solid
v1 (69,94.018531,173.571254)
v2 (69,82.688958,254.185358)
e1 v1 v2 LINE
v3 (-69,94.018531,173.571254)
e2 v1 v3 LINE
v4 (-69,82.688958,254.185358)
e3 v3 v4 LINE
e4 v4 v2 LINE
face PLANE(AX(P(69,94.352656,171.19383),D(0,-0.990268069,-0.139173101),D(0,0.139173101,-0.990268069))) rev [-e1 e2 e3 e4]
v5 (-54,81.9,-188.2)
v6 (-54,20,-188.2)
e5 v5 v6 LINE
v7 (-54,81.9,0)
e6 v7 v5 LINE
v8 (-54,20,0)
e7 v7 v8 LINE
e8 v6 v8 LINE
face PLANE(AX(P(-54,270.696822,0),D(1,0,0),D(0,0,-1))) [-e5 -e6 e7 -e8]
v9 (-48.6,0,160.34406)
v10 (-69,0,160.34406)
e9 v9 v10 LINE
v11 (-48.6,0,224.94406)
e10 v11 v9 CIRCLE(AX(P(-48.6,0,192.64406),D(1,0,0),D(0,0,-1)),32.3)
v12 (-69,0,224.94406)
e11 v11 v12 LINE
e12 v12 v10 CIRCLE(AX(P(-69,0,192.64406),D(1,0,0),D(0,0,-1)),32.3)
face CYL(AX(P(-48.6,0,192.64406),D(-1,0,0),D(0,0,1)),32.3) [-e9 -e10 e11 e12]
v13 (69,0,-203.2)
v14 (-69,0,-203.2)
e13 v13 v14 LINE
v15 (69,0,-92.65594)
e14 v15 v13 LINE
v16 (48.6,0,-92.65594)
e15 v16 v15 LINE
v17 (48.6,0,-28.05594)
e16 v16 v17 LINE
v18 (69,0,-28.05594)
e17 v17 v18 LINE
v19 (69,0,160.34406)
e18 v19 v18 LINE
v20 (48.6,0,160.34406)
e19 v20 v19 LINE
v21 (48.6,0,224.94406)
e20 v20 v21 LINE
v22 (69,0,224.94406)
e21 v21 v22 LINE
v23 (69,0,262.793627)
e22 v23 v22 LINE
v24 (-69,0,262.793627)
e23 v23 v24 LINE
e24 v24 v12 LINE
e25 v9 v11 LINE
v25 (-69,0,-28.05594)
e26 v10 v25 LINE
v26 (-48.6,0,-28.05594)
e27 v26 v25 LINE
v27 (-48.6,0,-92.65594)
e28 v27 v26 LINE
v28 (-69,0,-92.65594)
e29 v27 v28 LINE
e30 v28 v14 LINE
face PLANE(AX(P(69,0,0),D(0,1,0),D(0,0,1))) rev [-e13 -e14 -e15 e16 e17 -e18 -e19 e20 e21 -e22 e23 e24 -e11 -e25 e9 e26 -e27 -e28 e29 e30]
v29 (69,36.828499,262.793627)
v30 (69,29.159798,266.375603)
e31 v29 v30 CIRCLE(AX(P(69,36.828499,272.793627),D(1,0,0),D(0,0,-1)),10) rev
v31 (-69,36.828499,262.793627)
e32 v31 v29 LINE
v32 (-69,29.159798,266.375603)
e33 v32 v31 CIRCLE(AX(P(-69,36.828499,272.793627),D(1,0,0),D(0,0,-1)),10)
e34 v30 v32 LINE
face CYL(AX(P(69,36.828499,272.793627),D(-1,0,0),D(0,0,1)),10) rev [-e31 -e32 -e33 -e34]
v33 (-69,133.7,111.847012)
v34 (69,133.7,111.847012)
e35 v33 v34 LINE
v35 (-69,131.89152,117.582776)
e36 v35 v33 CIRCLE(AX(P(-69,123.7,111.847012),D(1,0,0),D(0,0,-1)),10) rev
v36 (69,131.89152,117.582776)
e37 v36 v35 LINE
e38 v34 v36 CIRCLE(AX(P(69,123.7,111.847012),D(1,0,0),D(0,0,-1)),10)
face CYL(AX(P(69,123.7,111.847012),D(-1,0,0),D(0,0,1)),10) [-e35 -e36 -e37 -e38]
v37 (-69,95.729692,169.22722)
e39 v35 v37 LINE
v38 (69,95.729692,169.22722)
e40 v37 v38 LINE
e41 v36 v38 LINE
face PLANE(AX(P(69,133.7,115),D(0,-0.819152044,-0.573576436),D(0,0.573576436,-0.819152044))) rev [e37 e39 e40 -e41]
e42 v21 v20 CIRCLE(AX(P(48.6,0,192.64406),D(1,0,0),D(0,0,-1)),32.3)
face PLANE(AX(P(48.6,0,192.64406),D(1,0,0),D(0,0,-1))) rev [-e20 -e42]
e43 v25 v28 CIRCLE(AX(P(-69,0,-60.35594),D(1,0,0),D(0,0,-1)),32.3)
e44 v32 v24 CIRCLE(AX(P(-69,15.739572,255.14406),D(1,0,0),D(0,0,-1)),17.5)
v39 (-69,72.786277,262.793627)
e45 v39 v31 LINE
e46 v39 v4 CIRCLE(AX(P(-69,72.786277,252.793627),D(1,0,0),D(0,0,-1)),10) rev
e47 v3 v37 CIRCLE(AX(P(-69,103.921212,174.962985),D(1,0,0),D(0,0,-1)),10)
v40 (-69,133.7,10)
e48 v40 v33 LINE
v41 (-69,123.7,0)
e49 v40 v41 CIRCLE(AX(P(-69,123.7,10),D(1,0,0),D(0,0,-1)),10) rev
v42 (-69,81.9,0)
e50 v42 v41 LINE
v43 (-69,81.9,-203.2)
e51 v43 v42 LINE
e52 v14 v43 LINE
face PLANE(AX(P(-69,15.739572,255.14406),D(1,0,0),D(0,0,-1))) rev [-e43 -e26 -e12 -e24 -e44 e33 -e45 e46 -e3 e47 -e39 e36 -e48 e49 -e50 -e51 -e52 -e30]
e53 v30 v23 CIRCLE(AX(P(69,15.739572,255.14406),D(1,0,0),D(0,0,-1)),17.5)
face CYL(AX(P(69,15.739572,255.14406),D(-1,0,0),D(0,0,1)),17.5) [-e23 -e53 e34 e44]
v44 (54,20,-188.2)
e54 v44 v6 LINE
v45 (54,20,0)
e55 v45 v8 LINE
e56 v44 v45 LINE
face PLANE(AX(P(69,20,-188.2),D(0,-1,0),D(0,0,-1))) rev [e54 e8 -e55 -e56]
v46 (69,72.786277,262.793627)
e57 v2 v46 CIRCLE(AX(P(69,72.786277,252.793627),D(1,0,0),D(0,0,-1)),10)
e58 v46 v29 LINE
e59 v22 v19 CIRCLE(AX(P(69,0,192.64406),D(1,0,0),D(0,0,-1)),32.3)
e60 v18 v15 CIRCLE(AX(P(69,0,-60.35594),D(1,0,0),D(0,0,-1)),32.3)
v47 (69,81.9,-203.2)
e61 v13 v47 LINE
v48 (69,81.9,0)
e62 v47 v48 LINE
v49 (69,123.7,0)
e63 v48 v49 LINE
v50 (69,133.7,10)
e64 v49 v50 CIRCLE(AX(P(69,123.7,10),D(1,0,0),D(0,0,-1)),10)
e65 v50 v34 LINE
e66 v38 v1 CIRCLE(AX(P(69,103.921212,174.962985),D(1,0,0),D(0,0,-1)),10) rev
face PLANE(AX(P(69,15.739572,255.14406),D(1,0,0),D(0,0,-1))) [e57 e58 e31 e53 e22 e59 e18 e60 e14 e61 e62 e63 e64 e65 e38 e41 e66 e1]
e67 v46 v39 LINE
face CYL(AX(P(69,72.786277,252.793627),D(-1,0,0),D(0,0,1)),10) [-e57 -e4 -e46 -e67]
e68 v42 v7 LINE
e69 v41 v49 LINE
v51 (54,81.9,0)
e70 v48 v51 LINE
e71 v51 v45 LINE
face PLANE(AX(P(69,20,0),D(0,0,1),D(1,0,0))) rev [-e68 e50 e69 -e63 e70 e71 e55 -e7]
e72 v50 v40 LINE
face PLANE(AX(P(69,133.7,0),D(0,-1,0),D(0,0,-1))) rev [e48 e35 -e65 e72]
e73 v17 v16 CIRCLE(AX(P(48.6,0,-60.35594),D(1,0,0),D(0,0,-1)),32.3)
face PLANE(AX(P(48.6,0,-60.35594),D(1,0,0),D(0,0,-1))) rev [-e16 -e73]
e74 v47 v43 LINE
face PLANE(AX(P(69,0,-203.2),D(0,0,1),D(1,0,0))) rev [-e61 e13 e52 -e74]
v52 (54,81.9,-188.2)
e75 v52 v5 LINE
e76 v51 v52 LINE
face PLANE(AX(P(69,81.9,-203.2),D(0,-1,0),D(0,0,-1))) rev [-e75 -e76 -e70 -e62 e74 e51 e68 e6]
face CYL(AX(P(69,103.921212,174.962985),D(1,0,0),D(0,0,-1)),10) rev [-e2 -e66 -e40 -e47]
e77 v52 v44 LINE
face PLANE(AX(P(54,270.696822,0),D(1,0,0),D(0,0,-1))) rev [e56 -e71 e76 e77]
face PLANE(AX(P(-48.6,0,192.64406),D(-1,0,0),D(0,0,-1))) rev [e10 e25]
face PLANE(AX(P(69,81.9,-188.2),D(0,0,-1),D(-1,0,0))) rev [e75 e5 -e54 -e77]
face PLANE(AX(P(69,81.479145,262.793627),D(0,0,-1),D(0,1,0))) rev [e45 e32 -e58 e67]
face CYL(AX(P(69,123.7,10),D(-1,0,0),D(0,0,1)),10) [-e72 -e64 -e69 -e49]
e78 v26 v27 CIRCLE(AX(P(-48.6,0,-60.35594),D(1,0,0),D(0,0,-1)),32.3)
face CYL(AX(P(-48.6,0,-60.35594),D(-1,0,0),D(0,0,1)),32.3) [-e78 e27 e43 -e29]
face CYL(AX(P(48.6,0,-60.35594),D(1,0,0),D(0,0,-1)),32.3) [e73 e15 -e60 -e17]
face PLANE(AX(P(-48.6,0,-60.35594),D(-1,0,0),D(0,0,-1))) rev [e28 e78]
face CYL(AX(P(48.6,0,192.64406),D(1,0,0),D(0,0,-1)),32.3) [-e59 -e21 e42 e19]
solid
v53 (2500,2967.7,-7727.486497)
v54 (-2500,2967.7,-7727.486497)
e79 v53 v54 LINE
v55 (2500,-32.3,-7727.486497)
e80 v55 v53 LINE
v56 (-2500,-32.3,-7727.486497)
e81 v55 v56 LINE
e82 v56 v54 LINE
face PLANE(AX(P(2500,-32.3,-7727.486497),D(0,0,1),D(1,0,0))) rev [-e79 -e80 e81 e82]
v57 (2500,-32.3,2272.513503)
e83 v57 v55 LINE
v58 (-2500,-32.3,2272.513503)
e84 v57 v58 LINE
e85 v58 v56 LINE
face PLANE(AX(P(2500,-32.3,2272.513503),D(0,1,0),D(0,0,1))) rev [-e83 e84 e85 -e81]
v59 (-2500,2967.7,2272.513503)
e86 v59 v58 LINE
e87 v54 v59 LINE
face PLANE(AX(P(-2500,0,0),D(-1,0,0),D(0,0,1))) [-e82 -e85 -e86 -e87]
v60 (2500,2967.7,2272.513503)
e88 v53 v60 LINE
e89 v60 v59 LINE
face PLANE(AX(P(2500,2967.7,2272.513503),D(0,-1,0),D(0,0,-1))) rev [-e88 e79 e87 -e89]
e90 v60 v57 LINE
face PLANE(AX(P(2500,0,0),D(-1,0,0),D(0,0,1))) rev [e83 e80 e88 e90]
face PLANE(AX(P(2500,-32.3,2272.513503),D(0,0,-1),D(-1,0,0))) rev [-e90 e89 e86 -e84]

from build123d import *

# Parameters (mm, degrees)
BOSS_EXTRUDE1_DEPTH = 69
SKETCH4_W           = 15
SKETCH4_H           = 188.2
BOSS_EXTRUDE2_DEPTH = 61.9
BOSS_EXTRUDE3_DEPTH = 20.4
FILLET1_R           = 10
SKETCH6_W           = 10000
SKETCH6_H           = 3000
BOSS_EXTRUDE4_DEPTH = 2500


with BuildPart() as part:
    # Sketch2 → Boss-Extrude1 (new body, symmetric)
    with BuildSketch(Plane(origin=(0, 0, 0), x_dir=(0, 0, -1), z_dir=(1, 0, 0))):
        with BuildLine():
            Line((-262.793626597, 0), (0, 0))
            Line((0, 0), (203.2, 0))
            Line((203.2, 0), (203.2, 81.9))
            Line((203.2, 81.9), (188.2, 81.9))
            Line((188.2, 81.9), (188.2, 20))
            Line((188.2, 20), (0, 20))
            Line((0, 20), (0, 133.7))
            Line((0, 133.7), (-115, 133.7))
            Line((-115, 133.7), (-171.193830238, 94.352656466))
            Line((-171.193830238, 94.352656466), (-262.793626597, 81.479144628))
            Line((-262.793626597, 81.479144628), (-262.793626597, 31.479144628))
            ThreePointArc((-262.793626597, 31.479144628), (-272.644060375, 15.739572314), (-262.793626597, 0))
        make_face()
    extrude(amount=BOSS_EXTRUDE1_DEPTH, both=True)

    # Sketch4 → Boss-Extrude2 (add)
    with BuildSketch(Plane(origin=(0, 20, 0), x_dir=(1, 0, 0), z_dir=(0, 1, 0))):
        with Locations((61.5, 94.1)):
            Rectangle(SKETCH4_W, SKETCH4_H)
    boss_extrude2 = extrude(amount=BOSS_EXTRUDE2_DEPTH)

    # Mirror1: Boss-Extrude2 across plane
    add(boss_extrude2.mirror(Plane(origin=(0, 0, 0), x_dir=(0, 0, 1), z_dir=(1, 0, 0))))

    # Sketch5 → Boss-Extrude3 (add)
    with BuildSketch(Plane(origin=(69, 0, 0), x_dir=(0, 0, -1), z_dir=(1, 0, 0))):
        with BuildLine():
            Line((-224.944060375, 0), (-160.344060375, 0))
            ThreePointArc((-160.344060375, 0), (-192.644060375, -32.3), (-224.944060375, 0))
        make_face()
        with BuildLine():
            Line((28.055939625, 0), (92.655939625, 0))
            ThreePointArc((92.655939625, 0), (60.355939625, -32.3), (28.055939625, 0))
        make_face()
    boss_extrude3 = extrude(amount=-BOSS_EXTRUDE3_DEPTH)

    # Mirror2: Boss-Extrude3 across plane
    add(boss_extrude3.mirror(Plane(origin=(0, 0, 0), x_dir=(0, 0, 1), z_dir=(1, 0, 0))))

    # Fillet1
    fillet1_edges = [part.edges().sort_by_distance(p)[0] for p in [
        (0, 31.479144628, 262.793626597),
        (0, 81.479144628, 262.793626597),
        (0, 94.352656466, 171.193830238),
        (0, 133.7, 115),
        (0, 133.7, 0),
    ]]
    fillet(fillet1_edges, radius=FILLET1_R)


with BuildPart() as body_2:
    # Sketch6 → Boss-Extrude4 (new body, symmetric)
    with BuildSketch(Plane(origin=(0, 0, 0), x_dir=(0, 0, -1), z_dir=(1, 0, 0))):
        with Locations((2727.48649749, 1467.7)):
            Rectangle(SKETCH6_W, SKETCH6_H)
    extrude(amount=BOSS_EXTRUDE4_DEPTH, both=True)


solid = Compound([part.part, body_2.part])
